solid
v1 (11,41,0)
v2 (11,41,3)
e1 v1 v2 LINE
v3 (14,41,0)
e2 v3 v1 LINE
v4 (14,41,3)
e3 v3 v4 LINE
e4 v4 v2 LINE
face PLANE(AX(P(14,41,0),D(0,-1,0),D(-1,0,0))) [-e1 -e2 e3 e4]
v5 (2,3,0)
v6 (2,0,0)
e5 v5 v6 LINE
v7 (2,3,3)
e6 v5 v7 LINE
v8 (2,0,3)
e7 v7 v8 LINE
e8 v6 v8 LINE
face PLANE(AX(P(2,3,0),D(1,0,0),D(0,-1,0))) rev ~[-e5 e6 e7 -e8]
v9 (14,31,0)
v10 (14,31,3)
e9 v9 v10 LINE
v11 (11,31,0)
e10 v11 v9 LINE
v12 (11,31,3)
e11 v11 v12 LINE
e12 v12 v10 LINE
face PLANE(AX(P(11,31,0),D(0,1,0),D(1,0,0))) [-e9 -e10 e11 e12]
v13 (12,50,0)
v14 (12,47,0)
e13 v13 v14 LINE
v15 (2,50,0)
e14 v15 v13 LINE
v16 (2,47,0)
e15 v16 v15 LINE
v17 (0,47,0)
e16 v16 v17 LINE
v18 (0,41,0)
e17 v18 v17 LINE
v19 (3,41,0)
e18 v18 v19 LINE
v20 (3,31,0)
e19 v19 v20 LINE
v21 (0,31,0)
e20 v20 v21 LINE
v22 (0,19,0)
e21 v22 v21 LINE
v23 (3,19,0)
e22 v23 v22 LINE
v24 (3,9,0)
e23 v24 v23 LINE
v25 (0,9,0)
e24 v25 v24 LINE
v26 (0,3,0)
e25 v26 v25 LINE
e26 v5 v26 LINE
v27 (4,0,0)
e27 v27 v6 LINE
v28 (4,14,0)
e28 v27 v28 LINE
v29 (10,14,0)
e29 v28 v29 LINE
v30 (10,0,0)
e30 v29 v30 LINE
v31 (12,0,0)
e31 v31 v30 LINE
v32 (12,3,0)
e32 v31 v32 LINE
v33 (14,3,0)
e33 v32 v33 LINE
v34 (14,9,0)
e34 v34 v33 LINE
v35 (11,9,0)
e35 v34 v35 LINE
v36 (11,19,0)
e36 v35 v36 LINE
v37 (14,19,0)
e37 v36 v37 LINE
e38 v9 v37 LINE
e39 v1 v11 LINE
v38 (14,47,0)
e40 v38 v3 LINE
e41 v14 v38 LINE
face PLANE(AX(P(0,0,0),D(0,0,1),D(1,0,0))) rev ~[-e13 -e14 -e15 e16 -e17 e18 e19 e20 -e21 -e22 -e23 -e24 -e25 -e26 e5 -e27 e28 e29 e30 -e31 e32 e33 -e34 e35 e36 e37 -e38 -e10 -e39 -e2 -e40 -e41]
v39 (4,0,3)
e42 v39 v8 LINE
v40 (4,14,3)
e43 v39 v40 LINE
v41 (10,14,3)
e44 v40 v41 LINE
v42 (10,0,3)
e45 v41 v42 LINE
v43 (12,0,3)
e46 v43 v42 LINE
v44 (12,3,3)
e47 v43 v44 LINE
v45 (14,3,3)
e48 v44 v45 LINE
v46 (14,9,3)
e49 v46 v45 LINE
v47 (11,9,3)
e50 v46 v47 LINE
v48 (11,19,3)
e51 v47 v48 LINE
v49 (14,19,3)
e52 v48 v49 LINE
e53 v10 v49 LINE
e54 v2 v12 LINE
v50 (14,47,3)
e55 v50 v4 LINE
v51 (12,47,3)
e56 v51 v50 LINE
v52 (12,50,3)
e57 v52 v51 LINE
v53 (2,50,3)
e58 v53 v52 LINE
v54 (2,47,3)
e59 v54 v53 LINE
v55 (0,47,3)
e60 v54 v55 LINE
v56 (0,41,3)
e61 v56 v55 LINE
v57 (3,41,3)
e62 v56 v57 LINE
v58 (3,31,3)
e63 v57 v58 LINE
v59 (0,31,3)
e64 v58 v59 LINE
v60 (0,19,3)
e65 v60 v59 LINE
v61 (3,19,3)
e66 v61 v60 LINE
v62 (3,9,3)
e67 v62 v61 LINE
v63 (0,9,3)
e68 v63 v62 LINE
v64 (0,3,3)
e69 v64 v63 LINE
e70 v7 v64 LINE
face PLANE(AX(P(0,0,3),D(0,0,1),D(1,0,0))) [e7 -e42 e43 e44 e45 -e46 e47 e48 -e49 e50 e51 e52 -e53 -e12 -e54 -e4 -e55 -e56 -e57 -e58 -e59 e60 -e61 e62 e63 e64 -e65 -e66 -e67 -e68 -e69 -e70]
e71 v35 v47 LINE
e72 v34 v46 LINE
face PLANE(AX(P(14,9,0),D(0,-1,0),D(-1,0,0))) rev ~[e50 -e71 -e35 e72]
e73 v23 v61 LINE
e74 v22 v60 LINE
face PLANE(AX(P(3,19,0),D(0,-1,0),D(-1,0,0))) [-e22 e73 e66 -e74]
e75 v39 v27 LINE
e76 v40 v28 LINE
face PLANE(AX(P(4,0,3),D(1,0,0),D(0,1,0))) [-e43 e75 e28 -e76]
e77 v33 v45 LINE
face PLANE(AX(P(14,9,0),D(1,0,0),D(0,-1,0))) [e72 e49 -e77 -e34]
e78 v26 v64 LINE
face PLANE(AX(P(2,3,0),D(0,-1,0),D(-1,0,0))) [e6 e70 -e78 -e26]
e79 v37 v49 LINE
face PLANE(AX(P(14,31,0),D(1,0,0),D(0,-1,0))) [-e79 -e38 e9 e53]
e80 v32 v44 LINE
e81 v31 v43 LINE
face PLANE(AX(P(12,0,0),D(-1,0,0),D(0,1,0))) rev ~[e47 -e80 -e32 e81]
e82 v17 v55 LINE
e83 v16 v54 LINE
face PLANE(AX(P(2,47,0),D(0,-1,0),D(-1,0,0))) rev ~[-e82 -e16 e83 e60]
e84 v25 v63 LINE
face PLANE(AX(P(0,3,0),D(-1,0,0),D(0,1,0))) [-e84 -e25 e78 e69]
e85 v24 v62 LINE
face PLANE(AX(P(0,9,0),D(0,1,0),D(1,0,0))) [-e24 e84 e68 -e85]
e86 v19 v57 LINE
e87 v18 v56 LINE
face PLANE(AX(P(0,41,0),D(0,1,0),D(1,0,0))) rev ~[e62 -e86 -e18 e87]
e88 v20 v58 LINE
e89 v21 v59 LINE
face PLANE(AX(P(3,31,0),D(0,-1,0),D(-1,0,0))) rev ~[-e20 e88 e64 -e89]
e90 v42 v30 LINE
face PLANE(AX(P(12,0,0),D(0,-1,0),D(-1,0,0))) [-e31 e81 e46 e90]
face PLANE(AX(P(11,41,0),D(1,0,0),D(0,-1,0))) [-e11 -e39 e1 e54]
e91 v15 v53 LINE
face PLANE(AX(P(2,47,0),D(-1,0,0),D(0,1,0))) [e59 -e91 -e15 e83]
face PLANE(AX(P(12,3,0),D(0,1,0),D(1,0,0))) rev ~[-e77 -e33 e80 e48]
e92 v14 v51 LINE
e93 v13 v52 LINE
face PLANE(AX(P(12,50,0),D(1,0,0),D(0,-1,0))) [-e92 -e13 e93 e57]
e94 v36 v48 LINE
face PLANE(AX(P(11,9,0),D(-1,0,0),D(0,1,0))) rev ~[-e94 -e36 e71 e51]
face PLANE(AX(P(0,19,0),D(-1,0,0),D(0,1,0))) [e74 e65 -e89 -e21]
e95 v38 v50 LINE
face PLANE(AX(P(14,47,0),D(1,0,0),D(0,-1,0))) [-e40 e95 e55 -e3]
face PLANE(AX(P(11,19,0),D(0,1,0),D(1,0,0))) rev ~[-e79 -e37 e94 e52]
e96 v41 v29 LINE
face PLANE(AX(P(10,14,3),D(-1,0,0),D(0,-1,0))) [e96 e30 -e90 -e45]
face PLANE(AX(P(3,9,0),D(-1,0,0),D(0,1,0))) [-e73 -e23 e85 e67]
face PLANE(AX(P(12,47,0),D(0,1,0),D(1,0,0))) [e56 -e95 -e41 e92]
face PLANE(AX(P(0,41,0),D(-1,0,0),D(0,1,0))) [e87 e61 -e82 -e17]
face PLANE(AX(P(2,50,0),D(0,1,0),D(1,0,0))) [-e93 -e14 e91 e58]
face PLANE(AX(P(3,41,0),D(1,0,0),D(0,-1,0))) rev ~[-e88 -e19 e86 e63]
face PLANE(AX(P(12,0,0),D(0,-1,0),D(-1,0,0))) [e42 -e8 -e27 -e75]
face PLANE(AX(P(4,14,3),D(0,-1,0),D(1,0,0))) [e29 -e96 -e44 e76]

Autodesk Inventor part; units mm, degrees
ref_plane "YZ Plane" through (0, 0, 0) normal (1, 0, 0) x (0, 1, 0)
ref_plane "XZ Plane" through (0, 0, 0) normal (0, 1, 0) x (-1, 0, 0)
ref_plane "XY Plane" through (0, 0, 0) normal (0, 0, 1) x (1, 0, 0)
sketch "Sketch1" plane through (0, 0, 0) normal (0, 0, 1) x (1, 0, 0)
  line L0 (0, 50) -> (14, 50)
  line L1 (14, 50) -> (14, 0)
  line L2 (14, 0) -> (0, 0)
  line L3 (0, 0) -> (0, 50)
  line L4 (2, 0) -> (12, 0)
  line L5 (12, 0) -> (12, 3)
  line L6 (2, 3) -> (2, 0)
  line L7 (0, 25) -> (14, 25) construction
  line L8 (12, 50) -> (12, 47)
  line L9 (2, 47) -> (2, 50)
  line L10 (2, 3) -> (0, 3)
  line L11 (12, 3) -> (14, 3)
  line L12 (2, 47) -> (0, 47)
  line L13 (12, 47) -> (14, 47)
  line L14 (14, 9) -> (11, 9)
  line L15 (11, 9) -> (11, 19)
  line L16 (11, 19) -> (14, 19)
  line L17 (14, 19) -> (14, 9)
  line L18 (0, 25) -> (14, 25) construction
  line L19 (14, 25) -> (14, 3) construction
  line L20 (14, 3) -> (0, 3) construction
  line L21 (0, 3) -> (0, 25) construction
  line L22 (7, 25) -> (7, 3) construction
  line L23 (0, 9) -> (3, 9)
  line L24 (3, 9) -> (3, 19)
  line L25 (3, 19) -> (0, 19)
  line L26 (14, 41) -> (11, 41)
  line L27 (11, 41) -> (11, 31)
  line L28 (11, 31) -> (14, 31)
  line L29 (0, 41) -> (3, 41)
  line L30 (3, 41) -> (3, 31)
  line L31 (3, 31) -> (0, 31)
  point P0 (7, 0)
  point P1 (14, 14)
  point P2 (11, 14)
  dimension "d0" = 14
  dimension "d1" = 10
  dimension "d3" = 3
  dimension "d4" = 50
  dimension "d5" = 5
  dimension "d6" = 10
  dimension "d7" = 3
extrude "Extrusion1" add sketch "Sketch1" along normal blind 3 contours L0 L8 L13 L1 L26 L27 L28 L16 L15 L14 L11 L5 L2 L6 L10 L3 L23 L24 L25 L31 L30 L29 L12 L9
sketch "Sketch2" plane through (0, 0, 3) normal (0, 0, 1) x (1, 0, 0)
  line L0 (4, 14) -> (10, 14)
  line L1 (10, 14) -> (10, 0)
  line L2 (10, 0) -> (4, 0)
  line L3 (4, 0) -> (4, 14)
  line L4 (2, 0) -> (12, 0) construction
  line L5 (3, 19) -> (3, 9) construction
  point P0 (0, 0)
  point P1 (7, 0)
  point P2 (7, 0)
  point P3 (3, 14)
  dimension "d10" = 6
extrude "Extrusion2" cut sketch "Sketch2" against normal blind 10
properties part number "columna_techoV2"
